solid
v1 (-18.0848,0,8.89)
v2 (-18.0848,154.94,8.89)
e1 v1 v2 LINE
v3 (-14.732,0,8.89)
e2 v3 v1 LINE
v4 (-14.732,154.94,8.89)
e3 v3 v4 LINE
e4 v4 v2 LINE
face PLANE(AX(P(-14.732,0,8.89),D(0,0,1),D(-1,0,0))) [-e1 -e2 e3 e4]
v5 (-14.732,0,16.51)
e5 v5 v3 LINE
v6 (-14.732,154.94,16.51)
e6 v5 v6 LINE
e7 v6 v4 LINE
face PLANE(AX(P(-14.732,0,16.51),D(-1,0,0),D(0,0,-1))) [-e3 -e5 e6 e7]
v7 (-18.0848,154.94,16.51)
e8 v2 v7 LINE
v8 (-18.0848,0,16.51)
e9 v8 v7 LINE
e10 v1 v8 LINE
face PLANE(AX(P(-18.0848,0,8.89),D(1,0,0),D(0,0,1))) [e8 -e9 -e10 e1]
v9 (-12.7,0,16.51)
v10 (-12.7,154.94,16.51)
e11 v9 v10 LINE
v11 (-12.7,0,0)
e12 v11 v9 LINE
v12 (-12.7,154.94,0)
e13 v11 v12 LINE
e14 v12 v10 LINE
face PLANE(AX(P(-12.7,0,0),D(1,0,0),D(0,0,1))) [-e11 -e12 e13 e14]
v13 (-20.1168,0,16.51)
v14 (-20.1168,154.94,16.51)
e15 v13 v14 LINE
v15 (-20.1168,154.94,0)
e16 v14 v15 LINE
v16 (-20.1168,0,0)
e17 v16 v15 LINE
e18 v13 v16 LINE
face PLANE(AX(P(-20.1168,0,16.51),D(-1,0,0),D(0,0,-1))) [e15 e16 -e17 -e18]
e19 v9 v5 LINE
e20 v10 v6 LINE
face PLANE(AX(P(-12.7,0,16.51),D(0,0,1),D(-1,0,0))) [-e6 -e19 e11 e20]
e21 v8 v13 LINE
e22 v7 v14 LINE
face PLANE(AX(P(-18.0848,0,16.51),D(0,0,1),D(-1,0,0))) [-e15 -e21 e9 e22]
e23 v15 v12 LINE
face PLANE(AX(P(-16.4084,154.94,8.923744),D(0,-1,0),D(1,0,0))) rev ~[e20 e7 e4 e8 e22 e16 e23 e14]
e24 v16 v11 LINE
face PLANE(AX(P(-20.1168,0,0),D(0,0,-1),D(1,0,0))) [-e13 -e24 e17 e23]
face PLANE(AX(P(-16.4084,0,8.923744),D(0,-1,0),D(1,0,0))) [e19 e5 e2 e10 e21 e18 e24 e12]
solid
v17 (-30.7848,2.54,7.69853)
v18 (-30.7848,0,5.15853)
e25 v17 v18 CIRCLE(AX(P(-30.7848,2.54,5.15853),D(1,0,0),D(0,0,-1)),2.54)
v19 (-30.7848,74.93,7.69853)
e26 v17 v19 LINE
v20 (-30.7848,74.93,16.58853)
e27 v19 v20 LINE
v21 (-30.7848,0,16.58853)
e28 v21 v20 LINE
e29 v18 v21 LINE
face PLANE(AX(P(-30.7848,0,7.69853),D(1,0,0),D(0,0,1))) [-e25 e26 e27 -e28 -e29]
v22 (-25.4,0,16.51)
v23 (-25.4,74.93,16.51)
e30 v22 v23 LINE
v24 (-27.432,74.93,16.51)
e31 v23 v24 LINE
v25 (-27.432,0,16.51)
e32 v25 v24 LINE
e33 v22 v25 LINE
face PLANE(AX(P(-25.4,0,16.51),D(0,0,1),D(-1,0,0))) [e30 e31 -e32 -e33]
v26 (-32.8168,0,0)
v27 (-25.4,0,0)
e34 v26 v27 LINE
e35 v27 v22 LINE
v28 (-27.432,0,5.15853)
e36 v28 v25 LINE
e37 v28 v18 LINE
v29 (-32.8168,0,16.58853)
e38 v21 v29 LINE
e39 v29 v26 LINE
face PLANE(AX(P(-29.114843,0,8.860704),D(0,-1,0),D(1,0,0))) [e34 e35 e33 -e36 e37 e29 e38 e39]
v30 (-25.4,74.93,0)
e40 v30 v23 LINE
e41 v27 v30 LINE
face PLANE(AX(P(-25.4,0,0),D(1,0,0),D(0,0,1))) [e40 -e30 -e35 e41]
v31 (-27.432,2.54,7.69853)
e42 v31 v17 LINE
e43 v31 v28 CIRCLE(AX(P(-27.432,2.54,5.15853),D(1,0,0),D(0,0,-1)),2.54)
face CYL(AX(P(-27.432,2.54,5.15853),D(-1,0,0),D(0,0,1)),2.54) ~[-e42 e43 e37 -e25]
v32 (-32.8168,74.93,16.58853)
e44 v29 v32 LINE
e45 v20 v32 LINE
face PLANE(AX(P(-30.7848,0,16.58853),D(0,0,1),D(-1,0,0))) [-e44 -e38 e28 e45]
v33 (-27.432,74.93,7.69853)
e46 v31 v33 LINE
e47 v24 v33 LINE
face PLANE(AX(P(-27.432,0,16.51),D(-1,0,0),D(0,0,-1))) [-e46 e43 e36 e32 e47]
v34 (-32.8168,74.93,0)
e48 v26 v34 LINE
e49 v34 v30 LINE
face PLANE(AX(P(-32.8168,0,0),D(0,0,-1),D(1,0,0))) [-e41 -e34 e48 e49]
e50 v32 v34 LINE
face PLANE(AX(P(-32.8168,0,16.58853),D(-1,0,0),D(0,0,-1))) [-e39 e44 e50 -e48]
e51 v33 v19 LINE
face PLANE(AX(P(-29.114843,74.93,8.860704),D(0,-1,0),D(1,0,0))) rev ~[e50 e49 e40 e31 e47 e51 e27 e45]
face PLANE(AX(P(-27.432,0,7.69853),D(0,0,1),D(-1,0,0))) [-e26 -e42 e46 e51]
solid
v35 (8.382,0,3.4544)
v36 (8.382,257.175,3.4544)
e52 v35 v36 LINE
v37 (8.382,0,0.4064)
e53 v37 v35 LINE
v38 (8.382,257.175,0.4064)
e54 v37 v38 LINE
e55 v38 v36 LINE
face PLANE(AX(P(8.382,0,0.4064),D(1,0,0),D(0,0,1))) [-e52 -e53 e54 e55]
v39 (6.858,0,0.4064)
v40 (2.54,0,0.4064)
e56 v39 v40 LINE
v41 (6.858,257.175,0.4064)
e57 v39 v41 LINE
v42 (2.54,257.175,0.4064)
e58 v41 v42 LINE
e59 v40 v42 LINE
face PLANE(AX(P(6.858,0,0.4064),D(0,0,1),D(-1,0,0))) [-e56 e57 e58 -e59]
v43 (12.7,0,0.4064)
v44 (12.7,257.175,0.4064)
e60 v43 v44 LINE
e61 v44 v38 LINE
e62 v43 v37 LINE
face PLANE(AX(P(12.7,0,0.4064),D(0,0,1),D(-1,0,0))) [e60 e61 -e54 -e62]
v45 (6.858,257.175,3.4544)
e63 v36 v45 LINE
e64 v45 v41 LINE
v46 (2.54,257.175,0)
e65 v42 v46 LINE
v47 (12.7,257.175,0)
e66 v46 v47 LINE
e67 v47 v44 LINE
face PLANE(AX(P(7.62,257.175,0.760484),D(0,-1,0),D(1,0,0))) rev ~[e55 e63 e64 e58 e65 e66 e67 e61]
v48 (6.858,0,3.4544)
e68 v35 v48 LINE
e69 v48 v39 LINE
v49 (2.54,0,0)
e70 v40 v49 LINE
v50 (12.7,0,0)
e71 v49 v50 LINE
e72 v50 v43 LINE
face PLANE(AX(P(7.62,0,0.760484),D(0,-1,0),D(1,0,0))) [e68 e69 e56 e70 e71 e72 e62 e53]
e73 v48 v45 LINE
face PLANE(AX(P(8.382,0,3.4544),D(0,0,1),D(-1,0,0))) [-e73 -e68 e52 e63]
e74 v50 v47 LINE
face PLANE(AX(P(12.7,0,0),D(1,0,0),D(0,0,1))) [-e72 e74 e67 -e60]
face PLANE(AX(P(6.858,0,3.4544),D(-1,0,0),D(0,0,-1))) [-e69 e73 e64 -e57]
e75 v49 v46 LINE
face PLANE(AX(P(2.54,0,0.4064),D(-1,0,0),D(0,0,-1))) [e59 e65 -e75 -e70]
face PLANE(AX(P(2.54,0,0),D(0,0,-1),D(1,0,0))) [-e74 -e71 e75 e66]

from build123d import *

# Parameters (mm, degrees)
F1_DEPTH = 154.94
F3_DEPTH = 74.93
F4_R     = 2.54
F6_DEPTH = 257.175


with BuildPart() as f1:
    # F0 (on Front) → F1 (new body)
    with BuildSketch(Plane.XZ):
        Polygon((-20.1168, 0), (-12.7, 0), (-12.7, 16.51), (-14.732, 16.51), (-14.732, 8.89), (-18.0848, 8.89), (-18.0848, 16.51), (-20.1168, 16.51), align=None)
    extrude(amount=-F1_DEPTH)


with BuildPart() as f3:
    # F2 (on Front) → F3 (new body)
    with BuildSketch(Plane.XZ):
        Polygon((-32.8168, 0), (-25.4, 0), (-25.4, 16.51), (-27.432, 16.51), (-27.432, 7.69853), (-30.7848, 7.69853), (-30.7848, 16.58853), (-32.8168, 16.58853), align=None)
    extrude(amount=-F3_DEPTH)

    # F4
    f4_edges = [f3.edges().sort_by_distance(p)[0] for p in [
        (-29.1084, 0, 7.69853),
    ]]
    fillet(f4_edges, radius=F4_R)


with BuildPart() as f6:
    # F5 (on Front) → F6 (new body)
    with BuildSketch(Plane.XZ):
        Polygon((2.54, 0.4064), (2.54, 0), (12.7, 0), (12.7, 0.4064), (8.382, 0.4064), (8.382, 3.4544), (6.858, 3.4544), (6.858, 0.4064), align=None)
    extrude(amount=-F6_DEPTH)


solid = Compound([f1.part, f3.part, f6.part])
